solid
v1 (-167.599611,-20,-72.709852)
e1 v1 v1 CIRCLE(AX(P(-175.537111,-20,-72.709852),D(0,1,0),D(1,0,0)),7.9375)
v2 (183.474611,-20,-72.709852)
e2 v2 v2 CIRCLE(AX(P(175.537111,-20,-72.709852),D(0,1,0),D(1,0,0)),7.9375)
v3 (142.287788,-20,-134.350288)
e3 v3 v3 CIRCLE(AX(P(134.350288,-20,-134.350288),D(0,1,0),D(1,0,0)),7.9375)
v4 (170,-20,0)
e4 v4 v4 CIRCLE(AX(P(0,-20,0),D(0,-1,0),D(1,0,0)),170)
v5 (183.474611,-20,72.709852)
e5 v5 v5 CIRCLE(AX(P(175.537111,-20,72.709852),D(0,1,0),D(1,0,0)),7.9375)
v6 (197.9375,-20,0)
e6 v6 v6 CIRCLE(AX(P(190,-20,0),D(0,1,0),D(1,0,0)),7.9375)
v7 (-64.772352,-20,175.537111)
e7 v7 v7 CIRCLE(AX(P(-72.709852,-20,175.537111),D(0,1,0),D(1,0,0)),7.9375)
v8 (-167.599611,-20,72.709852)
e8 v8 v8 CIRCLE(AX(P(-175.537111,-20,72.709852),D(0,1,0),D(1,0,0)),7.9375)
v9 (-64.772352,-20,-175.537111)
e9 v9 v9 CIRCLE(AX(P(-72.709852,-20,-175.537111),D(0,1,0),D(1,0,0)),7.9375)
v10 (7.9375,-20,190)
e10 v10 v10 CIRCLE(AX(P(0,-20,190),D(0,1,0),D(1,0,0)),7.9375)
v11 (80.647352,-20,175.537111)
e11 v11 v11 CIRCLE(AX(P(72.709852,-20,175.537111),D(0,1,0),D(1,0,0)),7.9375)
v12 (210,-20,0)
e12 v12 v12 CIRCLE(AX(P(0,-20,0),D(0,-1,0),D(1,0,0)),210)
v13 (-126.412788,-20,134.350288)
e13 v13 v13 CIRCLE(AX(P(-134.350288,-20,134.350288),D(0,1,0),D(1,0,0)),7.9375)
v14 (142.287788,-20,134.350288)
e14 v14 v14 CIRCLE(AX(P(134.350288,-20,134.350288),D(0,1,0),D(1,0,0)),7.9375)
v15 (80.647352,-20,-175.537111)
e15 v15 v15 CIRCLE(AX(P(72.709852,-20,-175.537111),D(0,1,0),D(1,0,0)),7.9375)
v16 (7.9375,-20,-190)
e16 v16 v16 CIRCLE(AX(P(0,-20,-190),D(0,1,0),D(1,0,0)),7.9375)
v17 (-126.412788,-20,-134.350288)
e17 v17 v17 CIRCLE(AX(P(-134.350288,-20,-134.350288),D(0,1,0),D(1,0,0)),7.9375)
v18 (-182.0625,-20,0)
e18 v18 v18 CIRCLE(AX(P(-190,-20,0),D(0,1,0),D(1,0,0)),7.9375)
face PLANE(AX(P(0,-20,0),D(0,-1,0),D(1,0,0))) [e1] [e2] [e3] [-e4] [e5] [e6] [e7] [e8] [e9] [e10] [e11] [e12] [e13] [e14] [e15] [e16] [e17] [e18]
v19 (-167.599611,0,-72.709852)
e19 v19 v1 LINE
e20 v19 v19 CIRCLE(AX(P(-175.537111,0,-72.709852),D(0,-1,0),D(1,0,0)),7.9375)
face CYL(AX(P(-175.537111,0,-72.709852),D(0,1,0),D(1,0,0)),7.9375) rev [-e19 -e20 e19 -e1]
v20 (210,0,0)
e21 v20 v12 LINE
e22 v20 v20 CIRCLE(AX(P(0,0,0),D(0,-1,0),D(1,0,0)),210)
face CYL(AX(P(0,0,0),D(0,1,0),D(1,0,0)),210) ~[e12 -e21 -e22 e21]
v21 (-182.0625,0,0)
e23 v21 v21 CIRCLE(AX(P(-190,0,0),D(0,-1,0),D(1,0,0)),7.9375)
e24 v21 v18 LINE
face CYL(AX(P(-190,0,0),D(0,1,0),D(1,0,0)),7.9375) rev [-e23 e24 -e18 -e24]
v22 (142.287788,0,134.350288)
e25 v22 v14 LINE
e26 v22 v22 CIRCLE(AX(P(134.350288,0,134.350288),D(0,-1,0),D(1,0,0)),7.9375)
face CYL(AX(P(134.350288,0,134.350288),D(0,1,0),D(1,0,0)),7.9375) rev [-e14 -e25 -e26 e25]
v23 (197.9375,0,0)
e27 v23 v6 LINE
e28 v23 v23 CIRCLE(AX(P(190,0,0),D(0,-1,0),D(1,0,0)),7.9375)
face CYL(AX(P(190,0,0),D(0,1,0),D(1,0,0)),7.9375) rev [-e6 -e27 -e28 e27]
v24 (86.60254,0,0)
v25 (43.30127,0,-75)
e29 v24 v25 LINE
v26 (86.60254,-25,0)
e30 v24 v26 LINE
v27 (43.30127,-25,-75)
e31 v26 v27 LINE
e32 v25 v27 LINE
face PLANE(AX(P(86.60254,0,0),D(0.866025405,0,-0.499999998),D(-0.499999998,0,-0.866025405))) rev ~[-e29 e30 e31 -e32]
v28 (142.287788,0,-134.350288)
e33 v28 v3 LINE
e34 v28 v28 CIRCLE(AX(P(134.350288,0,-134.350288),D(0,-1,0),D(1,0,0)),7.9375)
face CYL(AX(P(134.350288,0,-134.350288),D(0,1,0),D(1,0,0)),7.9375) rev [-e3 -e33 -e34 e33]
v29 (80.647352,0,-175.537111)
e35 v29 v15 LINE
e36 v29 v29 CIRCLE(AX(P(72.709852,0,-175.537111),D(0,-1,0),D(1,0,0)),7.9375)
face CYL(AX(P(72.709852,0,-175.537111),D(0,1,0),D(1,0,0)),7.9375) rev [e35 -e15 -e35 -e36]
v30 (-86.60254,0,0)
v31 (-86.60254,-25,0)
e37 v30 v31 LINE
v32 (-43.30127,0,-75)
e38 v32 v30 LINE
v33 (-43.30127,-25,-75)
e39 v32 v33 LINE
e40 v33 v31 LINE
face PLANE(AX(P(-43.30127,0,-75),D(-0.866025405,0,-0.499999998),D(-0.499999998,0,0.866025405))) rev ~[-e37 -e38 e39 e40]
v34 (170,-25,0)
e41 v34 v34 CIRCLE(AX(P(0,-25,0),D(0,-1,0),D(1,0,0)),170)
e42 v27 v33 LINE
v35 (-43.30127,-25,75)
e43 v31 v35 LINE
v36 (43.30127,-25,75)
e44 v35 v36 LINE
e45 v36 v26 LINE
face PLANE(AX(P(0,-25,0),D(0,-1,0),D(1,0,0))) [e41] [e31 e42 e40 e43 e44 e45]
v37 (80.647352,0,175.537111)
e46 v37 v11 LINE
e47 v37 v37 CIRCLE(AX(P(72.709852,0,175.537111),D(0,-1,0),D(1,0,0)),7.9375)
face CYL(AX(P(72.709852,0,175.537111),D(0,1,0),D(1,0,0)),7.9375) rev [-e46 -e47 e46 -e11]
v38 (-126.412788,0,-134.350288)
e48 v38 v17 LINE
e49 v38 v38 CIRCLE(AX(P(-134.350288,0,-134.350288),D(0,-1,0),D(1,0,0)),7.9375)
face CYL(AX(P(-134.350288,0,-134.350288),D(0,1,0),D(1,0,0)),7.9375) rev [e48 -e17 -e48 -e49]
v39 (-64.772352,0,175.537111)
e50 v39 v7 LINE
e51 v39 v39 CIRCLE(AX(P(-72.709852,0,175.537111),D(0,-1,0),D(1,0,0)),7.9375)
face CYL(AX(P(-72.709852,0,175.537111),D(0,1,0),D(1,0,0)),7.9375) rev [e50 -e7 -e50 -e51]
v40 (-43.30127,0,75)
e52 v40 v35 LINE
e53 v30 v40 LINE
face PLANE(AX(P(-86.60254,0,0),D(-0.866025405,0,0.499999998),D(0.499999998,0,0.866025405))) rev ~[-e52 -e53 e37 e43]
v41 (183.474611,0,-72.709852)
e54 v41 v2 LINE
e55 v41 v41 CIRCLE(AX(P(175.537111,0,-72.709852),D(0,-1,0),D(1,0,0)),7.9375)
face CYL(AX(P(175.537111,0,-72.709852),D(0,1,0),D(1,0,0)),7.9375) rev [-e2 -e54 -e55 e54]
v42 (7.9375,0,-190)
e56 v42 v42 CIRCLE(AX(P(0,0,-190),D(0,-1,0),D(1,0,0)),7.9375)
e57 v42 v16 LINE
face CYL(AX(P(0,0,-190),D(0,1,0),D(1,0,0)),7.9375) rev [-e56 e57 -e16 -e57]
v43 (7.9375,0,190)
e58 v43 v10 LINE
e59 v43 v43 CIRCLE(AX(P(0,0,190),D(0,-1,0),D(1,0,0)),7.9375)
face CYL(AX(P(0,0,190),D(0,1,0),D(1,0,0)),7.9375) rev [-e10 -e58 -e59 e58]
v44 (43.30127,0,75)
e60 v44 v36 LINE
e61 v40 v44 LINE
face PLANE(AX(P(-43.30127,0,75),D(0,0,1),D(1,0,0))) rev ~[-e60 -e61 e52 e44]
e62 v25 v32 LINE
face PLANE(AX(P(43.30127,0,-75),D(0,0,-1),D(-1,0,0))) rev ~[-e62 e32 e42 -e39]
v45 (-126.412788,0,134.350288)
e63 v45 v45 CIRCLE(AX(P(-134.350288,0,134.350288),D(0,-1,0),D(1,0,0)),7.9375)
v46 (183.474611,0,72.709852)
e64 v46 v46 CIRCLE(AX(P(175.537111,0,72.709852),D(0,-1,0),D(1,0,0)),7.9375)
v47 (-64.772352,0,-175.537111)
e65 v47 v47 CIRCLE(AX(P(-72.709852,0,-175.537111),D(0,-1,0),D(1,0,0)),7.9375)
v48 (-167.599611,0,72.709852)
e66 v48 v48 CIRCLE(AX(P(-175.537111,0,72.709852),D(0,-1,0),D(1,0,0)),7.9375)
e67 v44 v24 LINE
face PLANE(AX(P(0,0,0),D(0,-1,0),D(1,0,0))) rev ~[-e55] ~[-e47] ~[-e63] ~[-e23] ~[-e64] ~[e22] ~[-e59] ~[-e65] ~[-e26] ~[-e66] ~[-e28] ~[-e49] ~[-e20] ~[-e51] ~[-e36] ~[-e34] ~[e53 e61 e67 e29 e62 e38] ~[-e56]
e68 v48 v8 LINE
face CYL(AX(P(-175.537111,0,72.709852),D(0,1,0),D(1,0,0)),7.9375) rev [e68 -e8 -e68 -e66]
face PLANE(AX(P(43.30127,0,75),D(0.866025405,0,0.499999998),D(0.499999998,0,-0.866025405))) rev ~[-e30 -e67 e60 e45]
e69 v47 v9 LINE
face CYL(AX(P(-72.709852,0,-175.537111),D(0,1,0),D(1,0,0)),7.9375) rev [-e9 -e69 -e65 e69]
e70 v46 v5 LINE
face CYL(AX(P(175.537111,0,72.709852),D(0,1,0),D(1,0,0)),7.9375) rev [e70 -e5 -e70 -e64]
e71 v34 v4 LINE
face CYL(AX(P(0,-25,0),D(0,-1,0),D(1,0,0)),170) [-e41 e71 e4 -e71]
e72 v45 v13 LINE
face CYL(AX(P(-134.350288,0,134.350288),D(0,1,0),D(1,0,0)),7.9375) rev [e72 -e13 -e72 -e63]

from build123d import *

# Parameters (mm, degrees)
F0_R     = 210
F0_R_2   = 7.9375
F1_DEPTH = 25
F2_R     = 210
F2_R_2   = 170
F3_DEPTH = 5


with BuildPart() as f1:
    # F0 (on Front) → F1 (new body)
    with BuildSketch(Plane.XZ):
        Circle(F0_R)
        with Locations((-134.350288, -134.350288)):
            Circle(F0_R_2, mode=Mode.SUBTRACT)
        with Locations((-72.709852, -175.537111)):
            Circle(F0_R_2, mode=Mode.SUBTRACT)
        with Locations((-175.537111, -72.709852)):
            Circle(F0_R_2, mode=Mode.SUBTRACT)
        with Locations((0, -190)):
            Circle(F0_R_2, mode=Mode.SUBTRACT)
        with Locations((72.709852, -175.537111)):
            Circle(F0_R_2, mode=Mode.SUBTRACT)
        with Locations((134.350288, -134.350288)):
            Circle(F0_R_2, mode=Mode.SUBTRACT)
        with Locations((175.537111, -72.709852)):
            Circle(F0_R_2, mode=Mode.SUBTRACT)
        with Locations((-190, 0)):
            Circle(F0_R_2, mode=Mode.SUBTRACT)
        with Locations((-175.537111, 72.709852)):
            Circle(F0_R_2, mode=Mode.SUBTRACT)
        with Locations((-134.350288, 134.350288)):
            Circle(F0_R_2, mode=Mode.SUBTRACT)
        with Locations((-72.709852, 175.537111)):
            Circle(F0_R_2, mode=Mode.SUBTRACT)
        Polygon((43.30127, 75), (86.60254, 0), (43.30127, -75), (-43.30127, -75), (-86.60254, 0), (-43.30127, 75), align=None, mode=Mode.SUBTRACT)
        with Locations((190, 0)):
            Circle(F0_R_2, mode=Mode.SUBTRACT)
        with Locations((175.537111, 72.709852)):
            Circle(F0_R_2, mode=Mode.SUBTRACT)
        with Locations((0, 190)):
            Circle(F0_R_2, mode=Mode.SUBTRACT)
        with Locations((72.709852, 175.537111)):
            Circle(F0_R_2, mode=Mode.SUBTRACT)
        with Locations((134.350288, 134.350288)):
            Circle(F0_R_2, mode=Mode.SUBTRACT)
    extrude(amount=F1_DEPTH)

    # F2 (on face) → F3 (cut)
    with BuildSketch(Plane.XZ.offset(25)):
        Circle(F2_R)
        Circle(F2_R_2, mode=Mode.SUBTRACT)
    extrude(amount=-F3_DEPTH, mode=Mode.SUBTRACT)


solid = f1.part
